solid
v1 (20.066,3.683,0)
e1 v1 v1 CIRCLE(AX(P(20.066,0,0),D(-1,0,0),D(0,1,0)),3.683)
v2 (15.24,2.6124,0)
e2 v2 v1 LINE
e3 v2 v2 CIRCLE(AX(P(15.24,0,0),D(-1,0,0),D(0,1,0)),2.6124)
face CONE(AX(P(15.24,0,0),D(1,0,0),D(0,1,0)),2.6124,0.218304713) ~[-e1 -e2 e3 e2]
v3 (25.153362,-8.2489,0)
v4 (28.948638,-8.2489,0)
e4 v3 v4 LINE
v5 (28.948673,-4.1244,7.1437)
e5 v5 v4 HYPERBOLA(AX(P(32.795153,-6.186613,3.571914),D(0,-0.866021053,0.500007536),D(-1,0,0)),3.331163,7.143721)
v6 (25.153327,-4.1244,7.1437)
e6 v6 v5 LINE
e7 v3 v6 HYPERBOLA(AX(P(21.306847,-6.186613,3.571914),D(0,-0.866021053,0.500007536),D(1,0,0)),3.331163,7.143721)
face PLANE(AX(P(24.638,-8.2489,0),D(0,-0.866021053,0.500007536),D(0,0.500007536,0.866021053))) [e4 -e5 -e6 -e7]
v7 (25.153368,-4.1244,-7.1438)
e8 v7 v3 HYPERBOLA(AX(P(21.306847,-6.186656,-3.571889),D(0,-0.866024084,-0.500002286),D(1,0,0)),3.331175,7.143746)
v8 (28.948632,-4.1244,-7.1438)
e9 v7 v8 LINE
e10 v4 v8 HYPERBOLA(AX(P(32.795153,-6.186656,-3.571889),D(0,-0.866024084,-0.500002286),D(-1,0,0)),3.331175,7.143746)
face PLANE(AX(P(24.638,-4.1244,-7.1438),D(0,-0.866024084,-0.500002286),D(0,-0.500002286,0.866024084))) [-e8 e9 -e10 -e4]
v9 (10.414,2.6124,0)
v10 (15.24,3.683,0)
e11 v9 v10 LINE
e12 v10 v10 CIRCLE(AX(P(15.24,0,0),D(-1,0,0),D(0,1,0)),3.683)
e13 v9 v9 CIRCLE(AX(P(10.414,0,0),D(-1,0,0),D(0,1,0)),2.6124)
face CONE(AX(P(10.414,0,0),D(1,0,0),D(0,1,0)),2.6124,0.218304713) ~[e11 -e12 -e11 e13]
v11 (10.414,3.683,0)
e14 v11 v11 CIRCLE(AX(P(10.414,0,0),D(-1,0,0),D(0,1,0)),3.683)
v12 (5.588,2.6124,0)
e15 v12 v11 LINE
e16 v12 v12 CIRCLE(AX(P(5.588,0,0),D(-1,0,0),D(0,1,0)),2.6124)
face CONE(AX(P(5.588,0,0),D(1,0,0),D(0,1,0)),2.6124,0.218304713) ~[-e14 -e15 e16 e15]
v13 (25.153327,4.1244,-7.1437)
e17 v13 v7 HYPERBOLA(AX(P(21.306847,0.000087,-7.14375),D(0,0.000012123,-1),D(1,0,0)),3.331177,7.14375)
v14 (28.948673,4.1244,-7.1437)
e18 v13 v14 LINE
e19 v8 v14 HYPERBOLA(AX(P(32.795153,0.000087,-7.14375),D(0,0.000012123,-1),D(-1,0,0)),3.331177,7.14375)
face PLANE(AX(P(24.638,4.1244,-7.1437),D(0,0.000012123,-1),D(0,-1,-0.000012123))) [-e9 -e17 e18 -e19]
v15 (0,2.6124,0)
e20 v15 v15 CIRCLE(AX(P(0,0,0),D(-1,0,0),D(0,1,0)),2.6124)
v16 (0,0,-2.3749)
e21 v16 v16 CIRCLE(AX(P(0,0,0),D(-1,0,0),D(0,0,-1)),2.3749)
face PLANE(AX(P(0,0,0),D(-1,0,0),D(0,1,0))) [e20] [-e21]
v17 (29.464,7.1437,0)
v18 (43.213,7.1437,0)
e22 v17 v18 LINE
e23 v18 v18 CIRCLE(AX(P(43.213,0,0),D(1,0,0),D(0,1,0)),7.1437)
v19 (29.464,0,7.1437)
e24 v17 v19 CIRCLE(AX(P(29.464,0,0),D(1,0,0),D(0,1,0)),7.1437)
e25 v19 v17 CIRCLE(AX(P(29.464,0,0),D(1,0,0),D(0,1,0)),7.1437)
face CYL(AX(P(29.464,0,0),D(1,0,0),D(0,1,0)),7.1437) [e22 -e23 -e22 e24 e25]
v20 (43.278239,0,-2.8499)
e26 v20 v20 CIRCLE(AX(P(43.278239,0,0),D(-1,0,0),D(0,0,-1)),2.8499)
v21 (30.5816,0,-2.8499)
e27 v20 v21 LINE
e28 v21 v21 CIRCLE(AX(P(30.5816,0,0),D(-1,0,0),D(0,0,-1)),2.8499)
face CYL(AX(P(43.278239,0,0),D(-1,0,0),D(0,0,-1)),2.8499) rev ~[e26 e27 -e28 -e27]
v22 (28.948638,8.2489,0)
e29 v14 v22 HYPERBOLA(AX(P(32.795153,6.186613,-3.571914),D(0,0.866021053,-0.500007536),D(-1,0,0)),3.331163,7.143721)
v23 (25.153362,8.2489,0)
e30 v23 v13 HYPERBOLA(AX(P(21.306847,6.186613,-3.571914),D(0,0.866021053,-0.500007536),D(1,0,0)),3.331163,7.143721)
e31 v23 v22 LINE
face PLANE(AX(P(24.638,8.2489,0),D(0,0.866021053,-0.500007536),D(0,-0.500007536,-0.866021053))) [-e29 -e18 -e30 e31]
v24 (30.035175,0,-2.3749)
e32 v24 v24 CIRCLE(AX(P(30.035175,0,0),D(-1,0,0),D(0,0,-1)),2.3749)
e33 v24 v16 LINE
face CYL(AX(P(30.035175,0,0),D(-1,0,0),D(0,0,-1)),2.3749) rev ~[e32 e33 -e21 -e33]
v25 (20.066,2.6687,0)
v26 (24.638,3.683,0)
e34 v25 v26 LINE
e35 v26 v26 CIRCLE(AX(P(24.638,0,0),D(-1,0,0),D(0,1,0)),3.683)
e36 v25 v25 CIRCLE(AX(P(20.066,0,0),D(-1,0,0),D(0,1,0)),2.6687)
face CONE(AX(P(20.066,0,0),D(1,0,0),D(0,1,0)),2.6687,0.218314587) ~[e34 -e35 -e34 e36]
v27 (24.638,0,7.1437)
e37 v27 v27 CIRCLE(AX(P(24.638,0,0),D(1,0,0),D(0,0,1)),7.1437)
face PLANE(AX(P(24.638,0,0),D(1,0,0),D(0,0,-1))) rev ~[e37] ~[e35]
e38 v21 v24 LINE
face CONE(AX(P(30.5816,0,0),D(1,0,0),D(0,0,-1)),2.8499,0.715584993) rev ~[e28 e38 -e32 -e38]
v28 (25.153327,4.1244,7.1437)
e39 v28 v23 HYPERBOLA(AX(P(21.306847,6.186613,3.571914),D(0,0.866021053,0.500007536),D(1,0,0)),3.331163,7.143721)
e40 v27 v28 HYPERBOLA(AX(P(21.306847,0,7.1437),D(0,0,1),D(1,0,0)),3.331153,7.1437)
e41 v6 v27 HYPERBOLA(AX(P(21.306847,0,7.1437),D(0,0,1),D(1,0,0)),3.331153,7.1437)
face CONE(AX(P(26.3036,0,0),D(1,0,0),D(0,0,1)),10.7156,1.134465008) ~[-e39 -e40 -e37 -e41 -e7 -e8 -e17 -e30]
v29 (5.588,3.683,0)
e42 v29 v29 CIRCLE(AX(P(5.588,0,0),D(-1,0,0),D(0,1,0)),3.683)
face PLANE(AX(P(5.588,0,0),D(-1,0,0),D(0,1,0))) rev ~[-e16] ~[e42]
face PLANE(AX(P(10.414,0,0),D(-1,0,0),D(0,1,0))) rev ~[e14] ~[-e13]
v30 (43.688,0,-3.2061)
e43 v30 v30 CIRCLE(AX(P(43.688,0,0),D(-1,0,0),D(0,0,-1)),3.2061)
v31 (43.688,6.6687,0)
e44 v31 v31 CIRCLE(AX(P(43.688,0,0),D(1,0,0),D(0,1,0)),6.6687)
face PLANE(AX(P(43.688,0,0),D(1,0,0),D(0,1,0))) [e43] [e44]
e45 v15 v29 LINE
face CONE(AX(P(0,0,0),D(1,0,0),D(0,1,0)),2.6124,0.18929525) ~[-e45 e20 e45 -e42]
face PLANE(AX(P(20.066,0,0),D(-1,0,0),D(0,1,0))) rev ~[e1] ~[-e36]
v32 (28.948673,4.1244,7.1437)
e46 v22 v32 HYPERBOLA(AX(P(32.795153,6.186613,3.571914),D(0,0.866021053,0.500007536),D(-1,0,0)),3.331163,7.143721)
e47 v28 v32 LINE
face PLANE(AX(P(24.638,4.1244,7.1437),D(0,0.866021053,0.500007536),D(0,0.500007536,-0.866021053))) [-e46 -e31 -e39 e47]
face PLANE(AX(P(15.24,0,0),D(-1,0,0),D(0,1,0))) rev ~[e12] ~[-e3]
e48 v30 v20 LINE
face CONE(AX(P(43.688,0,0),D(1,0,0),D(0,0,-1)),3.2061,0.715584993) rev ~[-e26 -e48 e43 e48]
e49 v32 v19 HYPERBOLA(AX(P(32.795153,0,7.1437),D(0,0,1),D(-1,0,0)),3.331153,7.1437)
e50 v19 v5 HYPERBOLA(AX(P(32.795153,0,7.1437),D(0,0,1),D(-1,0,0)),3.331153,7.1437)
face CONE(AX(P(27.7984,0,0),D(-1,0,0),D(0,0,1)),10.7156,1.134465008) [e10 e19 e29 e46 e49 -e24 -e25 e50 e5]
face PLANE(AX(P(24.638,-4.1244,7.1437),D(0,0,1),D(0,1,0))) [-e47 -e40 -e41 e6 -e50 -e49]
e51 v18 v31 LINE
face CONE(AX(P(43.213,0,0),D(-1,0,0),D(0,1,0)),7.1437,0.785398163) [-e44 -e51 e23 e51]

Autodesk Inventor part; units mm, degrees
ref_plane "YZ Plane" through (0, 0, 0) normal (1, 0, 0) x (0, 1, 0)
ref_plane "XZ Plane" through (0, 0, 0) normal (0, 1, 0) x (-1, 0, 0)
sketch "Sketch8" plane through (10.3632, 0, 0) normal (0, 0, 1) x (0, 1, 0)
  line L0 (3.683, -14.2748) -> (0, -14.2748)
  line L1 (0, -14.2748) -> (0, 10.3632)
  line L2 (0, -14.2748) -> (3.683, -14.2748)
  line L3 (3.683, 4.7752) -> (2.6124, 4.7752)
  line L4 (2.6124, 10.3632) -> (0, 10.3632)
  line L5 (2.6124, 10.3632) -> (3.683, 4.7752)
  line L6 (2.6124, 4.7752) -> (3.683, -0.0508)
  line L7 (2.6124, -0.0508) -> (3.683, -4.8768)
  line L8 (3.683, -0.0508) -> (2.6124, -0.0508)
  line L9 (3.683, -4.8768) -> (2.6124, -4.8768)
  line L10 (2.6124, -4.8768) -> (3.683, -9.7028)
  line L11 (3.683, -9.7028) -> (2.6687, -9.7028)
  line L12 (2.6687, -9.7028) -> (3.683, -14.2748)
  point P0 (0, 10.3632)
  dimension "d67" = 7.366
  dimension "d68" = 5.588
  dimension "d66" = 4.826
  dimension "d65" = 4.826
  dimension "d64" = 4.826
  dimension "d69" = 5.2248
  dimension "d87" = 24.638
revolve "Revolution5" add sketch "Sketch8" angle 360 about axis through (24.638, 0, 0) along (-1, 0, 0)
sketch "Sketch1" plane through (24.638, 0, 0) normal (1, 0, 0) x (0, 0, -1)
  line L0 (7.1437, 4.1244) -> (7.1438, -4.1244)
  line L1 (7.1438, -4.1244) -> (0, -8.2489)
  line L2 (0, -8.2489) -> (-7.1437, -4.1244)
  line L3 (-7.1437, -4.1244) -> (-7.1437, 4.1244)
  line L4 (-7.1437, 4.1244) -> (0, 8.2489)
  line L5 (0, 8.2489) -> (7.1437, 4.1244)
  circle A0 centre (0, 0) radius 3.683 projected
  dimension "d51" = 14.2875
extrude "Extrusion1" add sketch "Sketch1" along normal blind 4.826 contours L0 L1 L2 L3 L4 L5 | A0
sketch "Sketch6" plane through (0, 0, 0) normal (0, 0, 1) x (1, 0, 0)
  line L0 (-8.7376, 0) -> (52.4256, 0) projected
  line L1 (29.464, -4.1244) -> (29.464, 4.1244) projected
  line L2 (29.464, 0) -> (29.464, 7.1437)
  line L3 (29.464, 7.1437) -> (43.688, 7.1437)
  line L4 (43.688, 7.1437) -> (43.688, 0)
  line L5 (29.464, 0) -> (43.688, 0)
  line L6 (0, -2.6124) -> (0, 2.6124) projected
  dimension "d73" = 14.2875
  dimension "d74" = 43.688
revolve "Revolution3" add sketch "Sketch6" angle 360 about axis through (-10, 0, 0) along (1, 0, 0)
chamfer "Chamfer1" distance 0.475 angle 45 1 edges at (43.688, -7.1437, 0)
sketch "Sketch7" plane through (0, 0, 0) normal (0, 1, 0) x (-1, 0, 0)
  line L0 (-24.638, 7.1437) -> (-24.638, 10.7156)
  line L1 (-24.638, 10.7156) -> (-26.3036, 10.7156)
  line L2 (-26.3036, 10.7156) -> (-24.638, 7.1437)
  line L3 (-29.464, 7.1437) -> (-29.464, 10.7156)
  line L4 (-29.464, 10.7156) -> (-27.7984, 10.7156)
  line L5 (-27.7984, 10.7156) -> (-29.464, 7.1437)
  line L6 (-23.6728, 0) -> (-30.4292, 0) projected
  dimension "d75" = 3.5719
  dimension "d76" = 25
revolve "Revolution4" cut sketch "Sketch7" angle 360 about axis through (-10, 0, 0) along (1, 0, 0)
hole "Hole1" at (43.688, 0, 0) direction (-1, 0, 0) diameter 5.6998 depth 13.1064 countersink diameter 6.4122 countersink angle 82
hole "Hole2" at (30.5816, 0, 0) direction (-1, 0, 0) diameter 4.7498 end through all countersink diameter 5.6998 countersink angle 82
sketch "Sketch9" plane through (0, 0, 0) normal (0, 0, 1) x (1, 0, 0)
  line L0 (30.5562, 6.4654) -> (30.5562, -9.2124)
  line L1 (29.464, 0) -> (29.464, -6.1867) projected
  dimension "d86" = 1.0922
split_face "Split1"
thread "Rosca1" size "1/4" designation "1/4 - 18 NPT" standard "NPT for PVC Pipe and Fitting" full length
ref_plane "Work Plane2" through (29.464, 0, 0) normal (-1, 0, 0) x (0, 0, 1)
equation "\"d67\" = OD"
equation "\"d68\" = L1"
equation "\"d66\" = L2"
equation "\"d65\" = L2"
equation "\"d64\" = L2"
equation "\"d69\" = 1.1 * D1"
equation "\"d87\" = M"
equation "\"d51\" = C_HEX"
equation "\"d1\" = C_HEX_L"
equation "\"d73\" = C_HEX"
equation "\"d74\" = L"
equation "\"d37\" = 0.1 * D1"
equation "\"d75\" = 0.25 * C_HEX"
equation "\"d54\" = 1.2 * D1"
equation "\"d56\" = 1.35 * D1"
equation "\"d59\" = 0.3 * L"
equation "\"d79\" = D1"
equation "\"d81\" = 1.2 * D1"
equation "\"d86\" = 0.025 * L"
equation "\"C_HEX\" = 14.2875"
equation "\"L\" = 43.688"
equation "\"M\" = 24.638"
equation "\"OD\" = 7.366"
equation "\"D1\" = 4.7498"
equation "\"d6\" = 0.2 * M"
equation "\"d7\" = 0.2 * M"
equation "\"d8\" = 0.2 * M"
equation "\"d9\" = 0.2 * M"
equation "\"L1\" = 5.588"
equation "\"L2\" = 4.826"
equation "\"C_HEX_L\" = 4.826"
equation "\"d88\" = -C_HEX_L"
equation "\"Parker_No\" = 1.2345"
properties part number "Terminación de manguera para tubería macho 125HBL de Parker 125HBL-4-4" material "Latón, amarillo claro"
